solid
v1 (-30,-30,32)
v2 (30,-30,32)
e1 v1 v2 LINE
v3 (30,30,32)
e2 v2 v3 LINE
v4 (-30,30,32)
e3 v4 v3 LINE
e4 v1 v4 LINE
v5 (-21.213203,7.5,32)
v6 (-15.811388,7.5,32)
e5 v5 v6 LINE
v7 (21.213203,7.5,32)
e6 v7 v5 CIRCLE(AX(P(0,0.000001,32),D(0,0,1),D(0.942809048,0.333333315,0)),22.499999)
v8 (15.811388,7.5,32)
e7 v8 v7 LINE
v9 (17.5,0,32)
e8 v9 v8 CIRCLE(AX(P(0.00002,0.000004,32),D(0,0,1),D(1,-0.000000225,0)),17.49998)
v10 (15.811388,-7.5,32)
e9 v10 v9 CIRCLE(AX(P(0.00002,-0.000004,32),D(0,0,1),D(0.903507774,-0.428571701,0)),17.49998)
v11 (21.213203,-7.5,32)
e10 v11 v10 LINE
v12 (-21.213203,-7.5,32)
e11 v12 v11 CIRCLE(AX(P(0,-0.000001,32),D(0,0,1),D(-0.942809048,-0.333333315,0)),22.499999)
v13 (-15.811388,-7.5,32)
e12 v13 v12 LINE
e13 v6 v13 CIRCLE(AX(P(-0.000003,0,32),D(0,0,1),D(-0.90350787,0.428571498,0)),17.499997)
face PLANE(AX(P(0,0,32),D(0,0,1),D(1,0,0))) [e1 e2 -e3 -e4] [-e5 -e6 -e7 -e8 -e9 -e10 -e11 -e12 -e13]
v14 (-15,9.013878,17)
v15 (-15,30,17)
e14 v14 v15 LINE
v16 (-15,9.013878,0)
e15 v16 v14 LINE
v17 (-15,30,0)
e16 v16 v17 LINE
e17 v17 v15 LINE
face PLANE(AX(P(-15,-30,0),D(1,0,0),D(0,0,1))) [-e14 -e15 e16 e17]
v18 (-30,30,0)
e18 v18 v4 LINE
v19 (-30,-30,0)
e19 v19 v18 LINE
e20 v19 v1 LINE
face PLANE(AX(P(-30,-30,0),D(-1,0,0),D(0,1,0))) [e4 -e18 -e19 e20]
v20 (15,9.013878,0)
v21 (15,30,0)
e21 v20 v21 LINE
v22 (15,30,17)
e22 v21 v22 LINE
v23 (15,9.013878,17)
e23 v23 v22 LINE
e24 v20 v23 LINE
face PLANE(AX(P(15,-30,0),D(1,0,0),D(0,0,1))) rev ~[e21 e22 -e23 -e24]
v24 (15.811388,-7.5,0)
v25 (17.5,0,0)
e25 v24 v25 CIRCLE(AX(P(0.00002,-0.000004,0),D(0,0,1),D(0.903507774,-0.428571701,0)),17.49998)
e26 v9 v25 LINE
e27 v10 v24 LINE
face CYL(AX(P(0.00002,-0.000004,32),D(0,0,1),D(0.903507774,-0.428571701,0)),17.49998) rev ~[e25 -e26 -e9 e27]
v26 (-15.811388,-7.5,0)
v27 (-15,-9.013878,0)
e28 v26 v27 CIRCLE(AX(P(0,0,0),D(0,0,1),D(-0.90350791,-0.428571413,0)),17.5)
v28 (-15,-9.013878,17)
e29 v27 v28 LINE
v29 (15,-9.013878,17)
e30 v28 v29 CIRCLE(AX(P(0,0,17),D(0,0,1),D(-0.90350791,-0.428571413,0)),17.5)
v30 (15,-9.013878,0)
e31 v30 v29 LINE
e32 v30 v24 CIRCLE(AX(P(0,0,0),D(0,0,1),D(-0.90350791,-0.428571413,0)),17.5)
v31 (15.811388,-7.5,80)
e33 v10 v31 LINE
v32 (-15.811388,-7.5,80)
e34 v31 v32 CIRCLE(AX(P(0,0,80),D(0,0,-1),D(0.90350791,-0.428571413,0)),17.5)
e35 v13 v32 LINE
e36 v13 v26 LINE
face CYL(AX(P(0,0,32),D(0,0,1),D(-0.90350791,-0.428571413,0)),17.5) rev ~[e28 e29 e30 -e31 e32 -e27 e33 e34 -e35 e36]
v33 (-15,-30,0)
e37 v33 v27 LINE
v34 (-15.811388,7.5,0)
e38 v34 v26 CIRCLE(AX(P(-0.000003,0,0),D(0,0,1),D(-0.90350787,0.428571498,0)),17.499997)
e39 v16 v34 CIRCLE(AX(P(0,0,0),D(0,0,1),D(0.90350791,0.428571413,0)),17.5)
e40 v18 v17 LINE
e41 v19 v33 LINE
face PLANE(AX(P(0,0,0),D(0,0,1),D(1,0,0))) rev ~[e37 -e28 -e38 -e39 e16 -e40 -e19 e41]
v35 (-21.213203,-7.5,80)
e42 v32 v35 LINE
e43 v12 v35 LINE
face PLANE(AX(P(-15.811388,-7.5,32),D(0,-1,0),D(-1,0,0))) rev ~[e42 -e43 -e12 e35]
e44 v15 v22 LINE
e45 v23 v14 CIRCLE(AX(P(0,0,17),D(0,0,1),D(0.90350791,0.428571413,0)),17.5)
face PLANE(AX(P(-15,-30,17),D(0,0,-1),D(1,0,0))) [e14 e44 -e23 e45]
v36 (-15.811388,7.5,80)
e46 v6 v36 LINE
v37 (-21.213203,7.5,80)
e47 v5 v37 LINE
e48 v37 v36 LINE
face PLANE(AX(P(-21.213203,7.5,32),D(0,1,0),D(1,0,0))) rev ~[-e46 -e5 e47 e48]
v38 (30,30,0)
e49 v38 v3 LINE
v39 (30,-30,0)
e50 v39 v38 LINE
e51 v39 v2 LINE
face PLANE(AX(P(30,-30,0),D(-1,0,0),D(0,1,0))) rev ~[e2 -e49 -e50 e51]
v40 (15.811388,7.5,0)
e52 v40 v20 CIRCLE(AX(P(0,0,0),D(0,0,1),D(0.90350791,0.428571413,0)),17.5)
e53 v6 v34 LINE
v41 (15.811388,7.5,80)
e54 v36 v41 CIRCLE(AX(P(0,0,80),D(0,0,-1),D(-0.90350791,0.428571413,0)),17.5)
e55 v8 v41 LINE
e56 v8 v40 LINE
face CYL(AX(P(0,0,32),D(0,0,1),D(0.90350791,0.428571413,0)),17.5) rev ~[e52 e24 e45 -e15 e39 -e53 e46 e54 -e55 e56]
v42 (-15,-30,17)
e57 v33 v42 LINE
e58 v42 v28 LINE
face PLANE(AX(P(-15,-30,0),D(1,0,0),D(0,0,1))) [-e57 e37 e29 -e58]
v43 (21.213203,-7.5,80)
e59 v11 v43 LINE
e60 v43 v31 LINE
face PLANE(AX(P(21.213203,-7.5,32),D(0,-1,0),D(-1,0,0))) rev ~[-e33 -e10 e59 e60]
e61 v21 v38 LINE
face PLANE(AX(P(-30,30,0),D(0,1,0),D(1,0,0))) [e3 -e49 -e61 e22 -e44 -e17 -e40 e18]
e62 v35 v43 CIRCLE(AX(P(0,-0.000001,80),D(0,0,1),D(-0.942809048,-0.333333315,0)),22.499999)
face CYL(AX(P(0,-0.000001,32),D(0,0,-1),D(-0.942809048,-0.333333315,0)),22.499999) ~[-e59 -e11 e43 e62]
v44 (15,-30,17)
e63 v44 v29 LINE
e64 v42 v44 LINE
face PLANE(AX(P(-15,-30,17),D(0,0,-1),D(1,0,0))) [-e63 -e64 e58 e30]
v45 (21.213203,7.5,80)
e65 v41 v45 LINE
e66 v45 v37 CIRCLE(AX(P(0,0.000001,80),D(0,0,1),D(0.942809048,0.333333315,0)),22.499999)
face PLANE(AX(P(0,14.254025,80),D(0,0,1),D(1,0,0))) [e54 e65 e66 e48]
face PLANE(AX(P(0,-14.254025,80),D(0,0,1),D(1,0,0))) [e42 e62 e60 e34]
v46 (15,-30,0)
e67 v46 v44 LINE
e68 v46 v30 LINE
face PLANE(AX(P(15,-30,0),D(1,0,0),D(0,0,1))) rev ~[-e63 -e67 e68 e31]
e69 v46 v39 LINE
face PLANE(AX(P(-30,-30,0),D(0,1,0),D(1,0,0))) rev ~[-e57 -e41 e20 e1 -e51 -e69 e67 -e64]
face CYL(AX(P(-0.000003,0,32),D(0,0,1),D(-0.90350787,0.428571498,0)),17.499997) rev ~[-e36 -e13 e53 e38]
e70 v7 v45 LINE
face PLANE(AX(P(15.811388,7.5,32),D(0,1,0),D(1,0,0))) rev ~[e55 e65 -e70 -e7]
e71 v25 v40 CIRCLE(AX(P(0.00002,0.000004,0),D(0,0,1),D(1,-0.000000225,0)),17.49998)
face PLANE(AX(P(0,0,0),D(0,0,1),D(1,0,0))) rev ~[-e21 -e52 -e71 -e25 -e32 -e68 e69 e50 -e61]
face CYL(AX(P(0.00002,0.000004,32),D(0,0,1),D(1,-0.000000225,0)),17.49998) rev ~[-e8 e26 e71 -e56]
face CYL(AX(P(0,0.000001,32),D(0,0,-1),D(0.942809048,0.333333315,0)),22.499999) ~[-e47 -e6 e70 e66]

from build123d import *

# Parameters (mm, degrees)
F0_W     = 60
F0_H     = 60
F1_DEPTH = 32
F3_DEPTH = 48
F5_DEPTH = 32
F6_W     = 30
F6_H     = 17
F7_DEPTH = 60


with BuildPart() as f1:
    # F0 (on Top) → F1 (new body)
    with BuildSketch(Plane.XY):
        Rectangle(F0_W, F0_H)
    extrude(amount=F1_DEPTH)

    # F2 (on face) → F3 (join)
    with BuildSketch(Plane.XY.offset(32)):
        with BuildLine():
            Line((15.811388, 7.5), (21.213203, 7.5))
            ThreePointArc((21.213203, 7.5), (0, 22.5), (-21.213203, 7.5))
            Line((-21.213203, 7.5), (-15.811388, 7.5))
            ThreePointArc((-15.811388, 7.5), (0, 17.5), (15.811388, 7.5))
        make_face()
        with BuildLine():
            ThreePointArc((15.811388, -7.5), (0, -17.5), (-15.811388, -7.5))
            Line((-15.811388, -7.5), (-21.213203, -7.5))
            ThreePointArc((-21.213203, -7.5), (0, -22.5), (21.213203, -7.5))
            Line((21.213203, -7.5), (15.811388, -7.5))
        make_face()
    extrude(amount=F3_DEPTH)

    # F4 (on face) → F5 (cut)
    with BuildSketch(Plane.XY.offset(32)):
        with BuildLine():
            ThreePointArc((15.811388, -7.5), (17.072629, -3.843872), (17.5, 0))
            ThreePointArc((17.5, 0), (17.072629, 3.843872), (15.811388, 7.5))
            ThreePointArc((15.811388, 7.5), (0, 17.5), (-15.811388, 7.5))
            ThreePointArc((-15.811388, 7.5), (-17.5, 0), (-15.811388, -7.5))
            ThreePointArc((-15.811388, -7.5), (0, -17.5), (15.811388, -7.5))
        make_face()
    extrude(amount=-F5_DEPTH, mode=Mode.SUBTRACT)

    # F6 (on face) → F7 (cut)
    with BuildSketch(Plane.XZ.offset(30)):
        with Locations((0, 8.5)):
            Rectangle(F6_W, F6_H)
    extrude(amount=-F7_DEPTH, mode=Mode.SUBTRACT)


solid = f1.part
